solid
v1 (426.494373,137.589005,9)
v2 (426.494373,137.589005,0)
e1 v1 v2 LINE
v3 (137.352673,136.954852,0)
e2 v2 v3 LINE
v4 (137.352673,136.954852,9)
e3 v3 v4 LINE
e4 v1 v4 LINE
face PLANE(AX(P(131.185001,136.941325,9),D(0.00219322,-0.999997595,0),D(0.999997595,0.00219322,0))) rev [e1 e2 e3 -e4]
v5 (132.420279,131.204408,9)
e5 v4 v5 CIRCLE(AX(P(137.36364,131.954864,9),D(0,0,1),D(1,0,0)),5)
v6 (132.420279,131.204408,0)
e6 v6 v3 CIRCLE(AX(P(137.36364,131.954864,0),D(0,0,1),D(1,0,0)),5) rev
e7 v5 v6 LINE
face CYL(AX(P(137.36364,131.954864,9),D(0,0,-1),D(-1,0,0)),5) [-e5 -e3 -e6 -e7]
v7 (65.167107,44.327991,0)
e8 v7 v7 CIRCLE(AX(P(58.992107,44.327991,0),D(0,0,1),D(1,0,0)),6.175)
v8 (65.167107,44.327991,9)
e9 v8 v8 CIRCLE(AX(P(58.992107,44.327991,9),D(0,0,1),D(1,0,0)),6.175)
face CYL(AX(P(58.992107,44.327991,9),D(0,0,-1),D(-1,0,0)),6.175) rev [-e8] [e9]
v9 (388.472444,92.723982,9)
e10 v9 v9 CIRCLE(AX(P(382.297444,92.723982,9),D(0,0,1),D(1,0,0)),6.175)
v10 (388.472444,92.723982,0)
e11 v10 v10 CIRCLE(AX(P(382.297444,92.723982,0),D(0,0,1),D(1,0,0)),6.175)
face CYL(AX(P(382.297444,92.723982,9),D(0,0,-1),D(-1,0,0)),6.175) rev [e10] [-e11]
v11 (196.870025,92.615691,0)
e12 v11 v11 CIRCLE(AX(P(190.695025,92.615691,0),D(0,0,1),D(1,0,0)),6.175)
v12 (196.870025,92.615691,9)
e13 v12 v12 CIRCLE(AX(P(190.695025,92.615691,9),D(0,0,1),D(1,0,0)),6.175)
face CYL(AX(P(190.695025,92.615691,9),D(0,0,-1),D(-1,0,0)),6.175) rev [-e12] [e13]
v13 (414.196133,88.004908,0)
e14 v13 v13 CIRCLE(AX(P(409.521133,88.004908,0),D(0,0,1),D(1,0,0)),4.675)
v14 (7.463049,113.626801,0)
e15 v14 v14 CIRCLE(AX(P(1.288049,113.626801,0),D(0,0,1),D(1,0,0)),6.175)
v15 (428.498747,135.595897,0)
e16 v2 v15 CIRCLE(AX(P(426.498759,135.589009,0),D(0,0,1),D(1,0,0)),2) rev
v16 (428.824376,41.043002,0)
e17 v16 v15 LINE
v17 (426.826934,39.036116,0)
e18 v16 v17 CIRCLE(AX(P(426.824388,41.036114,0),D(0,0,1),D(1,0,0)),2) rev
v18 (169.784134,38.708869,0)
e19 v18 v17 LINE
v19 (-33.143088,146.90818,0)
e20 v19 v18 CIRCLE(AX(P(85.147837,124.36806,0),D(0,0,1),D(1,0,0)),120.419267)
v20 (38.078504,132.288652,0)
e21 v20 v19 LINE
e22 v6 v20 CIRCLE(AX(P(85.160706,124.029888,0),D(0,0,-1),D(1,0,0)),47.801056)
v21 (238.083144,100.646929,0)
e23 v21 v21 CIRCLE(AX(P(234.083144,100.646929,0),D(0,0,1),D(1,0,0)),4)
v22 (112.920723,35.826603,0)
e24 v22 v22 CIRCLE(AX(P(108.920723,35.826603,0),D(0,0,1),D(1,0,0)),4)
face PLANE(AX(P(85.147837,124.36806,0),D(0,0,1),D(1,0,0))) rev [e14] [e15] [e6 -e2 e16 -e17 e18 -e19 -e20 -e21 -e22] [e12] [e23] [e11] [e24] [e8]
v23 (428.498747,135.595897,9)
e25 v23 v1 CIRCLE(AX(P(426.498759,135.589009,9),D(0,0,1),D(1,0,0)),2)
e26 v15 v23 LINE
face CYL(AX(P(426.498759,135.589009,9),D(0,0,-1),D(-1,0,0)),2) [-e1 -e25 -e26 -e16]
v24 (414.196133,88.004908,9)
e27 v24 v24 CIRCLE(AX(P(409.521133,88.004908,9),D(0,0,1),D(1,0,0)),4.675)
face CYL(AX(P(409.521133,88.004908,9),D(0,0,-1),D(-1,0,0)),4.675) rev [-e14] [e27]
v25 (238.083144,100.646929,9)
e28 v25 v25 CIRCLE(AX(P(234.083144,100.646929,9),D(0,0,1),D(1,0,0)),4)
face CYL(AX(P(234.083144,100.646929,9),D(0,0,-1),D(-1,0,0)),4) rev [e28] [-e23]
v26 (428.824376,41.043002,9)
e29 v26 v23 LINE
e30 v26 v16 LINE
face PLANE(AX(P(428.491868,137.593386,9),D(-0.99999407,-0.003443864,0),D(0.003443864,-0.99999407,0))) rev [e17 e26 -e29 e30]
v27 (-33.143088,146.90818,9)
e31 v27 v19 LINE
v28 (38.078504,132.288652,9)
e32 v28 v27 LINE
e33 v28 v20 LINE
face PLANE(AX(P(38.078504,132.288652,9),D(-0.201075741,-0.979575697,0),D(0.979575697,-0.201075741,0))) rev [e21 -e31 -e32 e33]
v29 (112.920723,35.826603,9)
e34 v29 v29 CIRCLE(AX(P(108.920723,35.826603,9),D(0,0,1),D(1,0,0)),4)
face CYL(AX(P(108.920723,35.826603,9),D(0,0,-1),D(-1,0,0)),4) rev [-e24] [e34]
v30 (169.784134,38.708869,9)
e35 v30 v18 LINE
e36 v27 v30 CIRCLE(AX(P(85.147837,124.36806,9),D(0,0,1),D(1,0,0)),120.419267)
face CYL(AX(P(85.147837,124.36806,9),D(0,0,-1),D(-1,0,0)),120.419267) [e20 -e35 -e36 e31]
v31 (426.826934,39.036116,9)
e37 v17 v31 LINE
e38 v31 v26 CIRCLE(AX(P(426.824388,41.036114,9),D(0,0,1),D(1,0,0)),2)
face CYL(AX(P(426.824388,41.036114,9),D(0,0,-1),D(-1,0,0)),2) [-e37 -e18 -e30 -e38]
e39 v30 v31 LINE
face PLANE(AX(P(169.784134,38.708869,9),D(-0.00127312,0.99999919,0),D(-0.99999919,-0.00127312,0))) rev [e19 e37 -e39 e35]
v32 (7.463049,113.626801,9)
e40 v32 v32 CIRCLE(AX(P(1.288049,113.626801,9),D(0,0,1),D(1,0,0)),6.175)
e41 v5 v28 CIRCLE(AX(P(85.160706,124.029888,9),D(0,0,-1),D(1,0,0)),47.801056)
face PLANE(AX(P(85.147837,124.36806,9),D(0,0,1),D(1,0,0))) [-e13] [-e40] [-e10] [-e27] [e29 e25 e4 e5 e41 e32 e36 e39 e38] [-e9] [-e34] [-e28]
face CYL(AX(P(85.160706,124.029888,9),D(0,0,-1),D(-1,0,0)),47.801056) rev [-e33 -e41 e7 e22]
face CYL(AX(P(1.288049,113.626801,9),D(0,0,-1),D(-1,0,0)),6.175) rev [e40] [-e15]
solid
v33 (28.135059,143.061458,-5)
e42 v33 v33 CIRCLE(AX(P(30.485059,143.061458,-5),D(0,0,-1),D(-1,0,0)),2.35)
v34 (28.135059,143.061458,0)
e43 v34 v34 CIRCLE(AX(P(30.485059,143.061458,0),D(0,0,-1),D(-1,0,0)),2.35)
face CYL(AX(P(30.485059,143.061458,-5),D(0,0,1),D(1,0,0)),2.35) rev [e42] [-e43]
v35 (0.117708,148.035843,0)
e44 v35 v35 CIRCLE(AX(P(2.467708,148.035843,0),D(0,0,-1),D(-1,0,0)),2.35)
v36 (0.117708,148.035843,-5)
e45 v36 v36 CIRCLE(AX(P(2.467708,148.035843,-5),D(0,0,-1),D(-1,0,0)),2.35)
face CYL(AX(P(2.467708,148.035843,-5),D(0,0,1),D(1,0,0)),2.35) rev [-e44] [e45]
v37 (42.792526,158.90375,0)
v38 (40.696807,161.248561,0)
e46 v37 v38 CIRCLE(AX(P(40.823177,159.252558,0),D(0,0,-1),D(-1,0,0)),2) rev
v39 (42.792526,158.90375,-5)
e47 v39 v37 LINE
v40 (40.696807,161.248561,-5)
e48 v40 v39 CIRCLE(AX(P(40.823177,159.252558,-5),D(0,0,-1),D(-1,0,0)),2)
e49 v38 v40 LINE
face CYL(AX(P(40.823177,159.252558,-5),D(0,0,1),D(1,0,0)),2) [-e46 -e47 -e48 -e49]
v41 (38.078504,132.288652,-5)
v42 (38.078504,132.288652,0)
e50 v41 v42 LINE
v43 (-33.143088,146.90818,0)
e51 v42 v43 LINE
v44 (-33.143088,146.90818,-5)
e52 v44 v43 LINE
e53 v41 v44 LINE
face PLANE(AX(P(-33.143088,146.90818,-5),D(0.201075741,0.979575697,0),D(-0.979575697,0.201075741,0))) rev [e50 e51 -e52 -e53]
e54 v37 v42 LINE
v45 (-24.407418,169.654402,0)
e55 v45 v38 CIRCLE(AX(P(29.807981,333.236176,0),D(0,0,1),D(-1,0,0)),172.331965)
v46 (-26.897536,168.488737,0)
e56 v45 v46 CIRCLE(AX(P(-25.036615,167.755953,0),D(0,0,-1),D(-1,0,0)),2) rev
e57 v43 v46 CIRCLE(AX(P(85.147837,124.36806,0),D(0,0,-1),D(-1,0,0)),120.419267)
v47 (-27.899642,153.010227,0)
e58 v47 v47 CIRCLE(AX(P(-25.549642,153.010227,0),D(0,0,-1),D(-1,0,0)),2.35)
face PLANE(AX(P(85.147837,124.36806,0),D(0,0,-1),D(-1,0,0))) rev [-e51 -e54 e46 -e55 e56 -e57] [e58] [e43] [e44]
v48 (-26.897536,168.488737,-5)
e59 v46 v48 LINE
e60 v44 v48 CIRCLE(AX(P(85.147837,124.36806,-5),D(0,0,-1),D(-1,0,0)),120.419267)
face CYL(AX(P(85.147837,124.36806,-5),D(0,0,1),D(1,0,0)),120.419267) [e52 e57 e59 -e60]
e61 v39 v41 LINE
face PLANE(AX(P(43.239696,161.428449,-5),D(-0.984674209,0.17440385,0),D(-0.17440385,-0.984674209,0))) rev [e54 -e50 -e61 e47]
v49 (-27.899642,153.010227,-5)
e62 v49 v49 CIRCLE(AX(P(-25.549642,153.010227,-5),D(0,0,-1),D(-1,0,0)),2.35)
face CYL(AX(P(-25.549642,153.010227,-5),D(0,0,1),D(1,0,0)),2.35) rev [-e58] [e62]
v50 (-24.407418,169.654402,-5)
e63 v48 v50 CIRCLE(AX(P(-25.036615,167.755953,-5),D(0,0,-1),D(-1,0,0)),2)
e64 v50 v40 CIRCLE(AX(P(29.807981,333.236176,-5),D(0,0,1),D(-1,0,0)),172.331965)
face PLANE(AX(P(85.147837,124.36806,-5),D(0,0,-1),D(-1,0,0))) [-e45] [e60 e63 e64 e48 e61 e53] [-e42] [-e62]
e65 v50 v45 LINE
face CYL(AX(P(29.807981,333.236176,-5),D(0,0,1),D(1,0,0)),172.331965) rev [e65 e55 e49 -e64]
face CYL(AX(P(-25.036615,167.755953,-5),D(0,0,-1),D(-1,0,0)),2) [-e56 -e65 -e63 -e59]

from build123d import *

# Parameters (mm, degrees)
ESBO_O1_R                = 6.175
ESBO_O1_R_2              = 4.675
ESBO_O1_R_3              = 4
RESSALTO_EXTRUS_O1_DEPTH = 9
ESBO_O3_R                = 2.35
RESSALTO_EXTRUS_O2_DEPTH = 5
FILETE1_R                = 2
FILETE2_R                = 5
FILETE3_R                = 2


with BuildPart() as part:
    # Esboço1 → Ressalto-extrusão1 (new body)
    with BuildSketch(Plane.XY):
        with BuildLine():
            Line((131.185001268, 136.941324617), (428.491868014, 137.593385628))
            Line((428.491868014, 137.593385628), (428.831279068, 39.038667427))
            Line((428.831279068, 39.038667427), (169.784133842, 38.708869148))
            ThreePointArc((169.784133842, 38.708869148), (28.491582051, 18.109560868), (-33.143087689, 146.908179569))
            Line((-33.143087689, 146.908179569), (38.078504056, 132.288651538))
            ThreePointArc((38.078504056, 132.288651538), (87.546420662, 76.2884039), (131.185001268, 136.941324617))
        make_face()
        with Locations((190.69502548, 92.615691457)):
            Circle(ESBO_O1_R, mode=Mode.SUBTRACT)
        with Locations((382.297443759, 92.723982486)):
            Circle(ESBO_O1_R, mode=Mode.SUBTRACT)
        with Locations((409.52113325, 88.004907998)):
            Circle(ESBO_O1_R_2, mode=Mode.SUBTRACT)
        with Locations((234.083144105, 100.646929333)):
            Circle(ESBO_O1_R_3, mode=Mode.SUBTRACT)
        with Locations((58.992106854, 44.327990976)):
            Circle(ESBO_O1_R, mode=Mode.SUBTRACT)
        with Locations((108.920722634, 35.826602606)):
            Circle(ESBO_O1_R_3, mode=Mode.SUBTRACT)
        with Locations((1.288049242, 113.626800727)):
            Circle(ESBO_O1_R, mode=Mode.SUBTRACT)
    extrude(amount=RESSALTO_EXTRUS_O1_DEPTH)

    # Filete2
    filete2_edges = [part.edges().sort_by_distance(p)[0] for p in [
        (131.185001268, 136.941324617, 4.5),
    ]]
    fillet(filete2_edges, radius=FILETE2_R)

    # Filete3
    filete3_edges = [part.edges().sort_by_distance(p)[0] for p in [
        (428.491868014, 137.593385628, 4.5),
        (428.831279068, 39.038667427, 4.5),
    ]]
    fillet(filete3_edges, radius=FILETE3_R)


with BuildPart() as body_2:
    # Esboço3 → Ressalto-extrusão2 (new body)
    with BuildSketch(Plane(origin=(0, 0, 0), x_dir=(-1, 0, 0), z_dir=(0, 0, -1))):
        with BuildLine():
            Line((-43.239696233, 161.428448711), (-38.078504056, 132.288651538))
            Line((-38.078504056, 132.288651538), (33.143087689, 146.908179569))
            ThreePointArc((33.143087689, 146.908179569), (30.256436099, 158.757790962), (26.1859926, 170.254639978))
            ThreePointArc((26.1859926, 170.254639978), (-8.074093344, 162.280204252), (-43.239696233, 161.428448711))
        make_face()
        with Locations((-2.467708184, 148.035842502)):
            Circle(ESBO_O3_R, mode=Mode.SUBTRACT)
        with Locations((-30.485058792, 143.0614585)):
            Circle(ESBO_O3_R, mode=Mode.SUBTRACT)
        with Locations((25.549642425, 153.010226504)):
            Circle(ESBO_O3_R, mode=Mode.SUBTRACT)
    extrude(amount=RESSALTO_EXTRUS_O2_DEPTH)

    # Filete1
    filete1_edges = [body_2.edges().sort_by_distance(p)[0] for p in [
        (43.239696233, 161.428448711, -2.5),
        (-26.1859926, 170.254639978, -2.5),
    ]]
    fillet(filete1_edges, radius=FILETE1_R)


solid = Compound([part.part, body_2.part])
